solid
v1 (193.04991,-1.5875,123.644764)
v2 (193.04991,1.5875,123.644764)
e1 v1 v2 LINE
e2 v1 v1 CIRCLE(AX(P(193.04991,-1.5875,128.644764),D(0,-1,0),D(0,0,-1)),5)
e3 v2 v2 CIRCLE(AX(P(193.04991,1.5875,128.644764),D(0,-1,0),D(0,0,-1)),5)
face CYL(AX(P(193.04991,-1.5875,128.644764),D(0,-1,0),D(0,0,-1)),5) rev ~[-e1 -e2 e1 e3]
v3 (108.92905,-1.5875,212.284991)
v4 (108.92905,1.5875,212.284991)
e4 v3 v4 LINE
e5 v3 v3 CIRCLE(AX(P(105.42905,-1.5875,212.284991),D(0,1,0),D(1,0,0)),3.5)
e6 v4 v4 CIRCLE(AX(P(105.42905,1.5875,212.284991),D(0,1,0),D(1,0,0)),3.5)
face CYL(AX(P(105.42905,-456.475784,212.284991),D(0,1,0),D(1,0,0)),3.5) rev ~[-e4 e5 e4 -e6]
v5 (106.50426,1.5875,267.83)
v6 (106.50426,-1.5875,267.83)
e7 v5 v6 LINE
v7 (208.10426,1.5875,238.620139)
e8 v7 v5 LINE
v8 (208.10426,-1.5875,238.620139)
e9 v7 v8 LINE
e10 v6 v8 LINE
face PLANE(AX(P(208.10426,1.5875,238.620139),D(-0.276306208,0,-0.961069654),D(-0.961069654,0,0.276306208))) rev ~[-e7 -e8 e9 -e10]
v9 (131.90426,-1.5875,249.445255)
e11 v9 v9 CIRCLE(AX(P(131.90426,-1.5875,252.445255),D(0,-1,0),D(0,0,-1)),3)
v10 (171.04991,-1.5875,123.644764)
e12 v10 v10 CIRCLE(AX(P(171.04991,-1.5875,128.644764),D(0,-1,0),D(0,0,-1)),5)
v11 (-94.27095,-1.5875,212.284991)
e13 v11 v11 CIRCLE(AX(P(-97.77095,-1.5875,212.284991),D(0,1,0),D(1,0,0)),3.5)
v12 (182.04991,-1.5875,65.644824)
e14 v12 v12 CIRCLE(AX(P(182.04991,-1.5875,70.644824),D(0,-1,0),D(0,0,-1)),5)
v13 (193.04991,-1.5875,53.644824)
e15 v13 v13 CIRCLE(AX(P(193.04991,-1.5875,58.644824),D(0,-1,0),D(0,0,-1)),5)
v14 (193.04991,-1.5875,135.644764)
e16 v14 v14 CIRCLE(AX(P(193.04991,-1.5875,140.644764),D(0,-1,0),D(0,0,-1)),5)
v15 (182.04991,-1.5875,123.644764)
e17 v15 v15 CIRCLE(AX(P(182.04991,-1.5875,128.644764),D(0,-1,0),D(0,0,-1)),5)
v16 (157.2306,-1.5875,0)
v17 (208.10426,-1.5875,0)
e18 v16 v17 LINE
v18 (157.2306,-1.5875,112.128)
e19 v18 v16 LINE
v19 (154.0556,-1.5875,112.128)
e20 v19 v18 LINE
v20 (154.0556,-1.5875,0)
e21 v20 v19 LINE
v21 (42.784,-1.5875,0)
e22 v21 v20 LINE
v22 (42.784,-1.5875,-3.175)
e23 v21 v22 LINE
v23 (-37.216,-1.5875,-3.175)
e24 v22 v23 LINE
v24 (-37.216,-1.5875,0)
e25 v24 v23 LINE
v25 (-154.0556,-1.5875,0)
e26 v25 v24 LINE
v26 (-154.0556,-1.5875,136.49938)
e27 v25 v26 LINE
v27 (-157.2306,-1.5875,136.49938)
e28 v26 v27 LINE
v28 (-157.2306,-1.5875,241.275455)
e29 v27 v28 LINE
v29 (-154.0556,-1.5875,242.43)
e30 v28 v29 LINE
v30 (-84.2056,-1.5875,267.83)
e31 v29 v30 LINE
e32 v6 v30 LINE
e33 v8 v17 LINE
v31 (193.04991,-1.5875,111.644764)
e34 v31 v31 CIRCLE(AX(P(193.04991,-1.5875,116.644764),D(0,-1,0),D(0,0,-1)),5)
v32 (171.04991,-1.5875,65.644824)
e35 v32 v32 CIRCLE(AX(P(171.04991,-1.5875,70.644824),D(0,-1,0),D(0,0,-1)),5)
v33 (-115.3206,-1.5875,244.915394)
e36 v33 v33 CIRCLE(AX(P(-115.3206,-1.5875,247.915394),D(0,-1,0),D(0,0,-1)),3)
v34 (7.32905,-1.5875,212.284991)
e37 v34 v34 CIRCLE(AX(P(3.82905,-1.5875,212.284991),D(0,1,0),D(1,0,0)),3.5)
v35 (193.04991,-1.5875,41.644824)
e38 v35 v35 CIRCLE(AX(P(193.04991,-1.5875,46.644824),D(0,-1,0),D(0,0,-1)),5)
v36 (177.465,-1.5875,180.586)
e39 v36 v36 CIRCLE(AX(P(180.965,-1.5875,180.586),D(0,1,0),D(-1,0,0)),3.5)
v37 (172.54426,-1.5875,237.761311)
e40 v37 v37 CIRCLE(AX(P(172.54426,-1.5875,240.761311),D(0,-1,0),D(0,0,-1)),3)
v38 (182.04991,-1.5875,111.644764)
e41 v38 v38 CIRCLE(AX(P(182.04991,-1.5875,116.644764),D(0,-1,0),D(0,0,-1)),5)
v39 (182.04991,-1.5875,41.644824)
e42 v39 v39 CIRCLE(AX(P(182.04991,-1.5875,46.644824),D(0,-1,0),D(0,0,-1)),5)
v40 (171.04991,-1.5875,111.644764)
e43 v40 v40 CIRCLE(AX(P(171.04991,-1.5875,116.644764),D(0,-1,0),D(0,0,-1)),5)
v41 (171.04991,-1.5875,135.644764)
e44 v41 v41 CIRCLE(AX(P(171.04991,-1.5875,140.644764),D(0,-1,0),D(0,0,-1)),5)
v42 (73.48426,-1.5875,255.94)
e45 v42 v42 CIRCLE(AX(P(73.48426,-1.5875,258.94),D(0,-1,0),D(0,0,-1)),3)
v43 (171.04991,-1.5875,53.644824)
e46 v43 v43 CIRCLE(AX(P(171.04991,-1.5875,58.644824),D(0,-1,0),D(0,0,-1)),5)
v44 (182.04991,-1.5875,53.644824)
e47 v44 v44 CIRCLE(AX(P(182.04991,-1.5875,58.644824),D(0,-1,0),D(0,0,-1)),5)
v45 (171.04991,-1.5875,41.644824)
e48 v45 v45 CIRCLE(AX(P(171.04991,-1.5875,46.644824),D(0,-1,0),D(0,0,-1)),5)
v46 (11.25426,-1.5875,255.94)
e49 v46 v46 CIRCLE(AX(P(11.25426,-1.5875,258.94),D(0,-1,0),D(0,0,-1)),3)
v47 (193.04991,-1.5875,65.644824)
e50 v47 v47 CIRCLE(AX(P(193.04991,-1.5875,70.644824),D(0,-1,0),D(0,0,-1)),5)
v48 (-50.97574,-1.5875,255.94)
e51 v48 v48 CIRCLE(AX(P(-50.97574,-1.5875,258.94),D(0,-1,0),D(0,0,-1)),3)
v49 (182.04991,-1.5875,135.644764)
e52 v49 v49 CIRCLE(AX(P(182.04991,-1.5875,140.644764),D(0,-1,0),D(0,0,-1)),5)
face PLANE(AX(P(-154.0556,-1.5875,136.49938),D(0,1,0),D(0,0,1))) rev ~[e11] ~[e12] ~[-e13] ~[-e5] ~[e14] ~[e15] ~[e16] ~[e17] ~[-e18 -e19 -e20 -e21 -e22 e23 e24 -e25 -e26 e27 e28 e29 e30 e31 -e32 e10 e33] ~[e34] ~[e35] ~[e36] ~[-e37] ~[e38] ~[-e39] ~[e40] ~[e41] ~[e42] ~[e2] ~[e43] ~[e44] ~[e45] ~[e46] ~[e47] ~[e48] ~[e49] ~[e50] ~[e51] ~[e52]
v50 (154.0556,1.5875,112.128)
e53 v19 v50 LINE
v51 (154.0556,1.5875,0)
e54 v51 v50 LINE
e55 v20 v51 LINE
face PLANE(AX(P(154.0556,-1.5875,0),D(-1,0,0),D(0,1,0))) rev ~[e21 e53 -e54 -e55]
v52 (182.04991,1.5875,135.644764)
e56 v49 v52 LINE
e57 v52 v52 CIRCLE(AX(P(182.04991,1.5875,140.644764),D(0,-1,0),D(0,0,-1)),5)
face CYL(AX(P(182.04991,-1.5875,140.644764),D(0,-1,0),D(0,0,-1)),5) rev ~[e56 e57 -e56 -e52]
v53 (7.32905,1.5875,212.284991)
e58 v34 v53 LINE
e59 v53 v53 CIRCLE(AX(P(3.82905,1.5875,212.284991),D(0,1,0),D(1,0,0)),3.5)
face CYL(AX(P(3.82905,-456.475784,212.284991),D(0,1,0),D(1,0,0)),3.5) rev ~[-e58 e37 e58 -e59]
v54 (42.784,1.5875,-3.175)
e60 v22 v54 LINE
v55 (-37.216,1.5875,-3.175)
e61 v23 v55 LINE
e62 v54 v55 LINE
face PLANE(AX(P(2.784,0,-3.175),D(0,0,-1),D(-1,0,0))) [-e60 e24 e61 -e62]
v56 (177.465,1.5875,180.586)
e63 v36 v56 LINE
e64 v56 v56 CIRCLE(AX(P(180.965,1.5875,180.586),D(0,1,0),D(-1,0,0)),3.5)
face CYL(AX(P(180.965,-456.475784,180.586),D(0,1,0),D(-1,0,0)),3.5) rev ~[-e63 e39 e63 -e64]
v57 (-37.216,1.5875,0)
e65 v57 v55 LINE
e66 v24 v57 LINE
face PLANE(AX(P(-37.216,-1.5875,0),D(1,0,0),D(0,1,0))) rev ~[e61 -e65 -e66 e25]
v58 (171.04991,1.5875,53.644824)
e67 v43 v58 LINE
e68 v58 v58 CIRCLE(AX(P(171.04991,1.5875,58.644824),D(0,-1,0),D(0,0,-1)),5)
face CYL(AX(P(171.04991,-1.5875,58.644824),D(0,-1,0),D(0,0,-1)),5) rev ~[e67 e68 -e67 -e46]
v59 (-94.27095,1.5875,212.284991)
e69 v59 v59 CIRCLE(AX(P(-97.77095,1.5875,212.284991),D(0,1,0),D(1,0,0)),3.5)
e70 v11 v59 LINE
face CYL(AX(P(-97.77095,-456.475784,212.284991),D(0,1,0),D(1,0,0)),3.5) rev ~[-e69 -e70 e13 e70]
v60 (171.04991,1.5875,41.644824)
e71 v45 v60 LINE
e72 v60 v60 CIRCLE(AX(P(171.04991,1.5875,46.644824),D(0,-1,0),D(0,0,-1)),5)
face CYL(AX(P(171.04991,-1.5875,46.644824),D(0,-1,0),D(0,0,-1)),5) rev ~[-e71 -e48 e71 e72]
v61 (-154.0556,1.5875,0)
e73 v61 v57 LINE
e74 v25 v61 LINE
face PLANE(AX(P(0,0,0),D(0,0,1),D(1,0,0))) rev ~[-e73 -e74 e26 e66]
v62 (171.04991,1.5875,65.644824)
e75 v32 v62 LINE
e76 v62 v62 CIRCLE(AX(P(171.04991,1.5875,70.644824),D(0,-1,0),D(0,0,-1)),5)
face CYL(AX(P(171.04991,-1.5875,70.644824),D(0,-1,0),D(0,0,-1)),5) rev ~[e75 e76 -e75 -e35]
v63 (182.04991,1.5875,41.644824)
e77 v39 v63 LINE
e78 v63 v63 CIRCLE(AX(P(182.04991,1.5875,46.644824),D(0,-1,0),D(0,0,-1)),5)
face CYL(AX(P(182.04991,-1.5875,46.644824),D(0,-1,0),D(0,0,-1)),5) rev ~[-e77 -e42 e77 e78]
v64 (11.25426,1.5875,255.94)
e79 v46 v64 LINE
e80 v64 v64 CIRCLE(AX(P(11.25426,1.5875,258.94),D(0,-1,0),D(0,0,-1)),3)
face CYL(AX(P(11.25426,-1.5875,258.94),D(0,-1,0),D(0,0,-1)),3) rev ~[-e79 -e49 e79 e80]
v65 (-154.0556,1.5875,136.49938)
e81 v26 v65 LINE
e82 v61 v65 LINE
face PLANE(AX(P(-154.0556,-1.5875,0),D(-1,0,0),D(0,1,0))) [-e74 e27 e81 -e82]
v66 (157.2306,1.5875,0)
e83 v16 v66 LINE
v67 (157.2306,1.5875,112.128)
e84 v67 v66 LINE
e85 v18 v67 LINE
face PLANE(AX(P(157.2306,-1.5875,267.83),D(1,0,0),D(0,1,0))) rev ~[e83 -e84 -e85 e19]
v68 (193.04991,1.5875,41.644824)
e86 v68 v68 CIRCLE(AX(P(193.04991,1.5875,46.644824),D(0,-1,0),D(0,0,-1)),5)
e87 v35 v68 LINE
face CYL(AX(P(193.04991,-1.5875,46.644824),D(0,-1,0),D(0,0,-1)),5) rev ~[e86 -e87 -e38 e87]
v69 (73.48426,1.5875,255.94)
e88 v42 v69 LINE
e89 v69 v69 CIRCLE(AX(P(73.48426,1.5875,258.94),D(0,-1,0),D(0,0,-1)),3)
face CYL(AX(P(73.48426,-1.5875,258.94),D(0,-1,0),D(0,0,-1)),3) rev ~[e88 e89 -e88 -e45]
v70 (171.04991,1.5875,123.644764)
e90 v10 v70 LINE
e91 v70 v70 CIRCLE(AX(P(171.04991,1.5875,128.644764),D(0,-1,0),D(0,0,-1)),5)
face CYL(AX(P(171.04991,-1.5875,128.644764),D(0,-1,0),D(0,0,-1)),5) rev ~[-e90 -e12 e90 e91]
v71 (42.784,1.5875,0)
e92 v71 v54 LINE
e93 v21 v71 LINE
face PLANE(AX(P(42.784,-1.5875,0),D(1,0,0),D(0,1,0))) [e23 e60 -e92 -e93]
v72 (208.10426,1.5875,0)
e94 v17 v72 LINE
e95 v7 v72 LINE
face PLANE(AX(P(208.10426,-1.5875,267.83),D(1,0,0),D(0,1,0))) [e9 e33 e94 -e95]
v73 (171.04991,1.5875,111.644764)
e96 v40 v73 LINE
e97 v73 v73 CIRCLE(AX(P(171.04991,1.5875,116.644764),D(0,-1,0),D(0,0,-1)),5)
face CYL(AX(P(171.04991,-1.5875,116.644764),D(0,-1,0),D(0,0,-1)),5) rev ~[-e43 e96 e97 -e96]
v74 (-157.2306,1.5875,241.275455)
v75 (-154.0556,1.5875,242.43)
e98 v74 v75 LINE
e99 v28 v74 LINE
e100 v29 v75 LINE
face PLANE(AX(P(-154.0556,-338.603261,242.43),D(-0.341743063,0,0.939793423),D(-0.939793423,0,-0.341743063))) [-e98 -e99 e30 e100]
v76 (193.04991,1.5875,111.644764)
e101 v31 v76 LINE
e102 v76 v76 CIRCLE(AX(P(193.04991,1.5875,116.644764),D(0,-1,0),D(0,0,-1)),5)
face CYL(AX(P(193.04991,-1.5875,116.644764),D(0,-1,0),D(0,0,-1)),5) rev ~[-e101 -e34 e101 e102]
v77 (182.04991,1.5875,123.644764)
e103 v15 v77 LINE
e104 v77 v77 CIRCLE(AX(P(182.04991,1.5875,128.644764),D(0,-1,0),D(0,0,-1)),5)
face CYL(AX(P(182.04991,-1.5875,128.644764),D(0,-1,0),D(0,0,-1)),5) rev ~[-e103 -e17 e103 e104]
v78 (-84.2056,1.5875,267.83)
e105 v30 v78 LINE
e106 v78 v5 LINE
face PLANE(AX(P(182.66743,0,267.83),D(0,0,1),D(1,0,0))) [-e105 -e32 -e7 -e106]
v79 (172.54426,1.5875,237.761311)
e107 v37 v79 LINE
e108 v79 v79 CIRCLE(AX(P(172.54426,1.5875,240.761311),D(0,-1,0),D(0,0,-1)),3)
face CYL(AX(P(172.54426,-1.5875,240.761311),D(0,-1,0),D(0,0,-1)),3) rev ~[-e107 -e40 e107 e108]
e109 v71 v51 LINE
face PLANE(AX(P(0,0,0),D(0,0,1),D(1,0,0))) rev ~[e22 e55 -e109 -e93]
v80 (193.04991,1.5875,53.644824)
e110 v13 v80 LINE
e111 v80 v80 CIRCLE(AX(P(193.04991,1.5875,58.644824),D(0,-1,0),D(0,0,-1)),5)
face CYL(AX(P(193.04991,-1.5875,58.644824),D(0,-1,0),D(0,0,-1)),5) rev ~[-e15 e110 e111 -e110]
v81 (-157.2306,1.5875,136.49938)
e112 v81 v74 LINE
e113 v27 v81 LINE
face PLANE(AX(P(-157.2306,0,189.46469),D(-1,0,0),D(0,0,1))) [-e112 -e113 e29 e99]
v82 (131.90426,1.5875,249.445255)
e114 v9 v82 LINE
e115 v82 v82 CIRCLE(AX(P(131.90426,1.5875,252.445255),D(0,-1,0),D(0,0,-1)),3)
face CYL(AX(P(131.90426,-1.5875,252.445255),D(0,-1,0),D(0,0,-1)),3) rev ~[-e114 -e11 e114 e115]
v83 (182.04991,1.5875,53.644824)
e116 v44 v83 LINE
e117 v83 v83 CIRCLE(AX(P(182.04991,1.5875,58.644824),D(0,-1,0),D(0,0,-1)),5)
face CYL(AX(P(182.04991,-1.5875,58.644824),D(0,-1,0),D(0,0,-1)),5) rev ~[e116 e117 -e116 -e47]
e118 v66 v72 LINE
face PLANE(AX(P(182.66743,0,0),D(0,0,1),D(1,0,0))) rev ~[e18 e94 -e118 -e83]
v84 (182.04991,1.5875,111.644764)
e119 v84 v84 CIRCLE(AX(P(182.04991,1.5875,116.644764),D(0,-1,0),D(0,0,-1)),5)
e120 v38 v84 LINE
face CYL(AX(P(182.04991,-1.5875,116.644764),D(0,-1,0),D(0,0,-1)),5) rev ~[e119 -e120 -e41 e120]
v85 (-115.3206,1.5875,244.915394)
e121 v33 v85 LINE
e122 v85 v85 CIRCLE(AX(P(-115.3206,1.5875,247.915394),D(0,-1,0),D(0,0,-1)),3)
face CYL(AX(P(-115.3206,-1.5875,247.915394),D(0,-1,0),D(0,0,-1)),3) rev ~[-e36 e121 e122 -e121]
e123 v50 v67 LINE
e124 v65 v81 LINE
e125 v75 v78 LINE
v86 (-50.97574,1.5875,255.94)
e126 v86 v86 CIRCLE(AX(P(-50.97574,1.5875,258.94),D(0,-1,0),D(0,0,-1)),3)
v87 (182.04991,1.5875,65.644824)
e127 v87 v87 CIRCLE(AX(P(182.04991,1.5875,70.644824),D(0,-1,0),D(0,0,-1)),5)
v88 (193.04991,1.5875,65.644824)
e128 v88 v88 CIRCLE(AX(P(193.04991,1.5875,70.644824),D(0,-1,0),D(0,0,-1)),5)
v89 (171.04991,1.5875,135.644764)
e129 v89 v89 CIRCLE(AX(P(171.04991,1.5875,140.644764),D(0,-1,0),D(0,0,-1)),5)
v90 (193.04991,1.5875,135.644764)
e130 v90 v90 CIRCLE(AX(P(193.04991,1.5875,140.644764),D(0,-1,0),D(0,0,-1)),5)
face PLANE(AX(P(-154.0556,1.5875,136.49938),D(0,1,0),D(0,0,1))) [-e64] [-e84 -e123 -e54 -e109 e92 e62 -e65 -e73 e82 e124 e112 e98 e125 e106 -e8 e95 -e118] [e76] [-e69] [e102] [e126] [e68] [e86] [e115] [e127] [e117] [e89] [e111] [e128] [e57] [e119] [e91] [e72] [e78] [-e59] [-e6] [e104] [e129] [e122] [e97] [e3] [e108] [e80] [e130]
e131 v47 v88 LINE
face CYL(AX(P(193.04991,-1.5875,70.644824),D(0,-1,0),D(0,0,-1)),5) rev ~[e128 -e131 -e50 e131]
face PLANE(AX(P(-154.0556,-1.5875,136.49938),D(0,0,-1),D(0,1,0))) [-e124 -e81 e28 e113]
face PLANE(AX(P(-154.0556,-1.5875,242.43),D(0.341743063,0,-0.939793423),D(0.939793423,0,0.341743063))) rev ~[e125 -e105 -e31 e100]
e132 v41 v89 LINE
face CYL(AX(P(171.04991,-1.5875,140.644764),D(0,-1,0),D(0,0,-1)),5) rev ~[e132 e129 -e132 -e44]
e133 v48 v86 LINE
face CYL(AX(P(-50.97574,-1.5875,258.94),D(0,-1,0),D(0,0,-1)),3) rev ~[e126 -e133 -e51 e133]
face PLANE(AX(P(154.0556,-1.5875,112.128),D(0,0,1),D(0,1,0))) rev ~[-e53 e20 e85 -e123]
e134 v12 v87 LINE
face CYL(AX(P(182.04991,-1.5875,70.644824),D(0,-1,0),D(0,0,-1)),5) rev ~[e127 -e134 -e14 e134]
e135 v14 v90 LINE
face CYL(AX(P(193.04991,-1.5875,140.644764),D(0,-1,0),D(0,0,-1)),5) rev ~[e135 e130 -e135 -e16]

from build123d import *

# Parameters (mm, degrees)
SKETCH1_W               = 308.1112
SKETCH1_H               = 3.175
BOSS_EXTRUDE1_DEPTH     = 267.83
SKETCH3_W               = 155.702
SKETCH3_H               = 3.175
BOSS_EXTRUDE3_DEPTH     = 3.175
SKETCH4_W               = 50.87366
SKETCH4_H               = 3.175
BOSS_EXTRUDE4_DEPTH     = 267.83
CUT_EXTRUDE1_DEPTH      = 340.190761306
CUT_EXTRUDE3_DEPTH      = 340.190761306
SKETCH13_R              = 5
CUT_EXTRUDE4_DEPTH      = 340.190761306
LPATTERN1_COUNT         = 3
LPATTERN1_PITCH         = 12
SKETCH17_W              = 105.930619964
SKETCH17_H              = 3.175
BOSS_EXTRUDE5_DEPTH     = 3.175
SKETCH18_W              = 80
SKETCH18_H              = 3.175
BOSS_EXTRUDE6_DEPTH     = 3.175
CUT_EXTRUDE7_DEPTH      = 340.190761306
CUT_EXTRUDE7_DEPTH_BACK = 340.190761306
SKETCH25_R              = 3
CUT_EXTRUDE8_DEPTH      = 3.175
M6_CLEARANCE_HOLE1_D    = 7
M6_CLEARANCE_HOLE2_D    = 7


with BuildPart() as part:
    # Sketch1 → Boss-Extrude1 (new body)
    with BuildSketch(Plane.XY):
        Rectangle(SKETCH1_W, SKETCH1_H)
    extrude(amount=BOSS_EXTRUDE1_DEPTH)

    # Sketch3 → Boss-Extrude3 (add)
    with BuildSketch(Plane(origin=(154.0556, 0, 0), x_dir=(0, 0, -1), z_dir=(1, 0, 0))):
        with Locations((-189.979, 0)):
            Rectangle(SKETCH3_W, SKETCH3_H)
    extrude(amount=BOSS_EXTRUDE3_DEPTH)

    # Sketch4 → Boss-Extrude4 (add)
    with BuildSketch(Plane.XY.offset(267.83)):
        with Locations((182.66743, 0)):
            Rectangle(SKETCH4_W, SKETCH4_H)
    extrude(amount=-BOSS_EXTRUDE4_DEPTH)

    # Sketch6 → Cut-Extrude1 (cut, through all)
    with BuildSketch(Plane(origin=(0, 1.5875, 0), x_dir=(1, 0, 0), z_dir=(0, 1, 0))):
        Polygon((208.10426, -238.620139294), (106.50426, -267.83), (208.10426, -267.83), align=None)
    extrude(amount=-CUT_EXTRUDE1_DEPTH, mode=Mode.SUBTRACT)

    # Sketch11 → Cut-Extrude3 (cut, through all)
    with BuildSketch(Plane.XZ.offset(1.5875)):
        Polygon((-154.0556, 242.43), (-84.2056, 267.83), (-154.0556, 267.83), align=None)
    extrude(amount=-CUT_EXTRUDE3_DEPTH, mode=Mode.SUBTRACT)

    # Sketch13 → Cut-Extrude4 (cut, through all)
    with BuildSketch(Plane.XZ.offset(1.5875)):
        with Locations(Location((171.04991, 116.644763656, 0), (0, 0, 270))):
            Circle(SKETCH13_R)
        with Locations(Location((182.04991, 116.644763656, 0), (0, 0, 270))):
            Circle(SKETCH13_R)
        with Locations(Location((193.04991, 116.644763656, 0), (0, 0, 270))):
            Circle(SKETCH13_R)
        with Locations(Location((171.04991, 46.644823778, 0), (0, 0, 270))):
            Circle(SKETCH13_R)
        with Locations(Location((182.04991, 46.644823778, 0), (0, 0, 270))):
            Circle(SKETCH13_R)
        with Locations(Location((193.04991, 46.644823778, 0), (0, 0, 270))):
            Circle(SKETCH13_R)
    cut_extrude4 = extrude(amount=-CUT_EXTRUDE4_DEPTH, mode=Mode.SUBTRACT)

    # LPattern1: Cut-Extrude4 ×3
    with Locations(*[(0, 0, i * LPATTERN1_PITCH) for i in range(1, LPATTERN1_COUNT)]):
        add(cut_extrude4, mode=Mode.SUBTRACT)

    # Sketch17 → Boss-Extrude5 (add)
    with BuildSketch(Plane.ZY.offset(154.0556)):
        with Locations((189.464690018, 0)):
            Rectangle(SKETCH17_W, SKETCH17_H)
    extrude(amount=BOSS_EXTRUDE5_DEPTH)

    # Sketch18 → Boss-Extrude6 (add)
    with BuildSketch(Plane(origin=(0, 0, 0), x_dir=(-1, 0, 0), z_dir=(0, 0, -1))):
        with Locations((-2.78399998, 0)):
            Rectangle(SKETCH18_W, SKETCH18_H)
    extrude(amount=BOSS_EXTRUDE6_DEPTH)

    # Sketch23 → Cut-Extrude7 (cut, two sides: drawn at the far end of the back side and taken through both)
    with BuildSketch(Plane(origin=(0, 1.5875, 0), x_dir=(1, 0, 0), z_dir=(0, 1, 0)).offset(-CUT_EXTRUDE7_DEPTH_BACK)):
        Polygon((681.560448342, -546.290381215), (-154.0556, -242.43), (-157.2306, -241.275454545), (-992.846648342, 62.58492667), (-1600.567410773, -1608.647170014), (73.839685911, -2217.5224779), align=None)
    extrude(amount=CUT_EXTRUDE7_DEPTH + CUT_EXTRUDE7_DEPTH_BACK, mode=Mode.SUBTRACT)

    # Sketch25 → Cut-Extrude8 (cut)
    with BuildSketch(Plane.XZ.offset(1.5875)):
        with Locations(Location((-115.3206, 247.915394364, 0), (0, 0, 270))):
            Circle(SKETCH25_R)
        with Locations(Location((-50.97574, 258.94, 0), (0, 0, 270))):
            Circle(SKETCH25_R)
        with Locations(Location((11.25426, 258.94, 0), (0, 0, 270))):
            Circle(SKETCH25_R)
        with Locations(Location((73.48426, 258.94, 0), (0, 0, 270))):
            Circle(SKETCH25_R)
        with Locations(Location((172.54426, 240.761310541, 0), (0, 0, 270))):
            Circle(SKETCH25_R)
        with Locations(Location((131.90426, 252.445254824, 0), (0, 0, 270))):
            Circle(SKETCH25_R)
    extrude(amount=-CUT_EXTRUDE8_DEPTH, mode=Mode.SUBTRACT)

    # M6 Clearance Hole1 (through all)
    with Locations(Plane.XZ.offset(1.5875)):
        with Locations((180.96500002, 180.586)):
            Hole(M6_CLEARANCE_HOLE1_D / 2)

    # M6 Clearance Hole2 (through all)
    with Locations(Plane(origin=(0, -1.5875, 0), x_dir=(-1, 0, 0), z_dir=(0, -1, 0))):
        with Locations((97.77095, -212.2849914), (-3.82905, -212.2849914), (-105.42905, -212.2849914)):
            Hole(M6_CLEARANCE_HOLE2_D / 2)


solid = part.part
